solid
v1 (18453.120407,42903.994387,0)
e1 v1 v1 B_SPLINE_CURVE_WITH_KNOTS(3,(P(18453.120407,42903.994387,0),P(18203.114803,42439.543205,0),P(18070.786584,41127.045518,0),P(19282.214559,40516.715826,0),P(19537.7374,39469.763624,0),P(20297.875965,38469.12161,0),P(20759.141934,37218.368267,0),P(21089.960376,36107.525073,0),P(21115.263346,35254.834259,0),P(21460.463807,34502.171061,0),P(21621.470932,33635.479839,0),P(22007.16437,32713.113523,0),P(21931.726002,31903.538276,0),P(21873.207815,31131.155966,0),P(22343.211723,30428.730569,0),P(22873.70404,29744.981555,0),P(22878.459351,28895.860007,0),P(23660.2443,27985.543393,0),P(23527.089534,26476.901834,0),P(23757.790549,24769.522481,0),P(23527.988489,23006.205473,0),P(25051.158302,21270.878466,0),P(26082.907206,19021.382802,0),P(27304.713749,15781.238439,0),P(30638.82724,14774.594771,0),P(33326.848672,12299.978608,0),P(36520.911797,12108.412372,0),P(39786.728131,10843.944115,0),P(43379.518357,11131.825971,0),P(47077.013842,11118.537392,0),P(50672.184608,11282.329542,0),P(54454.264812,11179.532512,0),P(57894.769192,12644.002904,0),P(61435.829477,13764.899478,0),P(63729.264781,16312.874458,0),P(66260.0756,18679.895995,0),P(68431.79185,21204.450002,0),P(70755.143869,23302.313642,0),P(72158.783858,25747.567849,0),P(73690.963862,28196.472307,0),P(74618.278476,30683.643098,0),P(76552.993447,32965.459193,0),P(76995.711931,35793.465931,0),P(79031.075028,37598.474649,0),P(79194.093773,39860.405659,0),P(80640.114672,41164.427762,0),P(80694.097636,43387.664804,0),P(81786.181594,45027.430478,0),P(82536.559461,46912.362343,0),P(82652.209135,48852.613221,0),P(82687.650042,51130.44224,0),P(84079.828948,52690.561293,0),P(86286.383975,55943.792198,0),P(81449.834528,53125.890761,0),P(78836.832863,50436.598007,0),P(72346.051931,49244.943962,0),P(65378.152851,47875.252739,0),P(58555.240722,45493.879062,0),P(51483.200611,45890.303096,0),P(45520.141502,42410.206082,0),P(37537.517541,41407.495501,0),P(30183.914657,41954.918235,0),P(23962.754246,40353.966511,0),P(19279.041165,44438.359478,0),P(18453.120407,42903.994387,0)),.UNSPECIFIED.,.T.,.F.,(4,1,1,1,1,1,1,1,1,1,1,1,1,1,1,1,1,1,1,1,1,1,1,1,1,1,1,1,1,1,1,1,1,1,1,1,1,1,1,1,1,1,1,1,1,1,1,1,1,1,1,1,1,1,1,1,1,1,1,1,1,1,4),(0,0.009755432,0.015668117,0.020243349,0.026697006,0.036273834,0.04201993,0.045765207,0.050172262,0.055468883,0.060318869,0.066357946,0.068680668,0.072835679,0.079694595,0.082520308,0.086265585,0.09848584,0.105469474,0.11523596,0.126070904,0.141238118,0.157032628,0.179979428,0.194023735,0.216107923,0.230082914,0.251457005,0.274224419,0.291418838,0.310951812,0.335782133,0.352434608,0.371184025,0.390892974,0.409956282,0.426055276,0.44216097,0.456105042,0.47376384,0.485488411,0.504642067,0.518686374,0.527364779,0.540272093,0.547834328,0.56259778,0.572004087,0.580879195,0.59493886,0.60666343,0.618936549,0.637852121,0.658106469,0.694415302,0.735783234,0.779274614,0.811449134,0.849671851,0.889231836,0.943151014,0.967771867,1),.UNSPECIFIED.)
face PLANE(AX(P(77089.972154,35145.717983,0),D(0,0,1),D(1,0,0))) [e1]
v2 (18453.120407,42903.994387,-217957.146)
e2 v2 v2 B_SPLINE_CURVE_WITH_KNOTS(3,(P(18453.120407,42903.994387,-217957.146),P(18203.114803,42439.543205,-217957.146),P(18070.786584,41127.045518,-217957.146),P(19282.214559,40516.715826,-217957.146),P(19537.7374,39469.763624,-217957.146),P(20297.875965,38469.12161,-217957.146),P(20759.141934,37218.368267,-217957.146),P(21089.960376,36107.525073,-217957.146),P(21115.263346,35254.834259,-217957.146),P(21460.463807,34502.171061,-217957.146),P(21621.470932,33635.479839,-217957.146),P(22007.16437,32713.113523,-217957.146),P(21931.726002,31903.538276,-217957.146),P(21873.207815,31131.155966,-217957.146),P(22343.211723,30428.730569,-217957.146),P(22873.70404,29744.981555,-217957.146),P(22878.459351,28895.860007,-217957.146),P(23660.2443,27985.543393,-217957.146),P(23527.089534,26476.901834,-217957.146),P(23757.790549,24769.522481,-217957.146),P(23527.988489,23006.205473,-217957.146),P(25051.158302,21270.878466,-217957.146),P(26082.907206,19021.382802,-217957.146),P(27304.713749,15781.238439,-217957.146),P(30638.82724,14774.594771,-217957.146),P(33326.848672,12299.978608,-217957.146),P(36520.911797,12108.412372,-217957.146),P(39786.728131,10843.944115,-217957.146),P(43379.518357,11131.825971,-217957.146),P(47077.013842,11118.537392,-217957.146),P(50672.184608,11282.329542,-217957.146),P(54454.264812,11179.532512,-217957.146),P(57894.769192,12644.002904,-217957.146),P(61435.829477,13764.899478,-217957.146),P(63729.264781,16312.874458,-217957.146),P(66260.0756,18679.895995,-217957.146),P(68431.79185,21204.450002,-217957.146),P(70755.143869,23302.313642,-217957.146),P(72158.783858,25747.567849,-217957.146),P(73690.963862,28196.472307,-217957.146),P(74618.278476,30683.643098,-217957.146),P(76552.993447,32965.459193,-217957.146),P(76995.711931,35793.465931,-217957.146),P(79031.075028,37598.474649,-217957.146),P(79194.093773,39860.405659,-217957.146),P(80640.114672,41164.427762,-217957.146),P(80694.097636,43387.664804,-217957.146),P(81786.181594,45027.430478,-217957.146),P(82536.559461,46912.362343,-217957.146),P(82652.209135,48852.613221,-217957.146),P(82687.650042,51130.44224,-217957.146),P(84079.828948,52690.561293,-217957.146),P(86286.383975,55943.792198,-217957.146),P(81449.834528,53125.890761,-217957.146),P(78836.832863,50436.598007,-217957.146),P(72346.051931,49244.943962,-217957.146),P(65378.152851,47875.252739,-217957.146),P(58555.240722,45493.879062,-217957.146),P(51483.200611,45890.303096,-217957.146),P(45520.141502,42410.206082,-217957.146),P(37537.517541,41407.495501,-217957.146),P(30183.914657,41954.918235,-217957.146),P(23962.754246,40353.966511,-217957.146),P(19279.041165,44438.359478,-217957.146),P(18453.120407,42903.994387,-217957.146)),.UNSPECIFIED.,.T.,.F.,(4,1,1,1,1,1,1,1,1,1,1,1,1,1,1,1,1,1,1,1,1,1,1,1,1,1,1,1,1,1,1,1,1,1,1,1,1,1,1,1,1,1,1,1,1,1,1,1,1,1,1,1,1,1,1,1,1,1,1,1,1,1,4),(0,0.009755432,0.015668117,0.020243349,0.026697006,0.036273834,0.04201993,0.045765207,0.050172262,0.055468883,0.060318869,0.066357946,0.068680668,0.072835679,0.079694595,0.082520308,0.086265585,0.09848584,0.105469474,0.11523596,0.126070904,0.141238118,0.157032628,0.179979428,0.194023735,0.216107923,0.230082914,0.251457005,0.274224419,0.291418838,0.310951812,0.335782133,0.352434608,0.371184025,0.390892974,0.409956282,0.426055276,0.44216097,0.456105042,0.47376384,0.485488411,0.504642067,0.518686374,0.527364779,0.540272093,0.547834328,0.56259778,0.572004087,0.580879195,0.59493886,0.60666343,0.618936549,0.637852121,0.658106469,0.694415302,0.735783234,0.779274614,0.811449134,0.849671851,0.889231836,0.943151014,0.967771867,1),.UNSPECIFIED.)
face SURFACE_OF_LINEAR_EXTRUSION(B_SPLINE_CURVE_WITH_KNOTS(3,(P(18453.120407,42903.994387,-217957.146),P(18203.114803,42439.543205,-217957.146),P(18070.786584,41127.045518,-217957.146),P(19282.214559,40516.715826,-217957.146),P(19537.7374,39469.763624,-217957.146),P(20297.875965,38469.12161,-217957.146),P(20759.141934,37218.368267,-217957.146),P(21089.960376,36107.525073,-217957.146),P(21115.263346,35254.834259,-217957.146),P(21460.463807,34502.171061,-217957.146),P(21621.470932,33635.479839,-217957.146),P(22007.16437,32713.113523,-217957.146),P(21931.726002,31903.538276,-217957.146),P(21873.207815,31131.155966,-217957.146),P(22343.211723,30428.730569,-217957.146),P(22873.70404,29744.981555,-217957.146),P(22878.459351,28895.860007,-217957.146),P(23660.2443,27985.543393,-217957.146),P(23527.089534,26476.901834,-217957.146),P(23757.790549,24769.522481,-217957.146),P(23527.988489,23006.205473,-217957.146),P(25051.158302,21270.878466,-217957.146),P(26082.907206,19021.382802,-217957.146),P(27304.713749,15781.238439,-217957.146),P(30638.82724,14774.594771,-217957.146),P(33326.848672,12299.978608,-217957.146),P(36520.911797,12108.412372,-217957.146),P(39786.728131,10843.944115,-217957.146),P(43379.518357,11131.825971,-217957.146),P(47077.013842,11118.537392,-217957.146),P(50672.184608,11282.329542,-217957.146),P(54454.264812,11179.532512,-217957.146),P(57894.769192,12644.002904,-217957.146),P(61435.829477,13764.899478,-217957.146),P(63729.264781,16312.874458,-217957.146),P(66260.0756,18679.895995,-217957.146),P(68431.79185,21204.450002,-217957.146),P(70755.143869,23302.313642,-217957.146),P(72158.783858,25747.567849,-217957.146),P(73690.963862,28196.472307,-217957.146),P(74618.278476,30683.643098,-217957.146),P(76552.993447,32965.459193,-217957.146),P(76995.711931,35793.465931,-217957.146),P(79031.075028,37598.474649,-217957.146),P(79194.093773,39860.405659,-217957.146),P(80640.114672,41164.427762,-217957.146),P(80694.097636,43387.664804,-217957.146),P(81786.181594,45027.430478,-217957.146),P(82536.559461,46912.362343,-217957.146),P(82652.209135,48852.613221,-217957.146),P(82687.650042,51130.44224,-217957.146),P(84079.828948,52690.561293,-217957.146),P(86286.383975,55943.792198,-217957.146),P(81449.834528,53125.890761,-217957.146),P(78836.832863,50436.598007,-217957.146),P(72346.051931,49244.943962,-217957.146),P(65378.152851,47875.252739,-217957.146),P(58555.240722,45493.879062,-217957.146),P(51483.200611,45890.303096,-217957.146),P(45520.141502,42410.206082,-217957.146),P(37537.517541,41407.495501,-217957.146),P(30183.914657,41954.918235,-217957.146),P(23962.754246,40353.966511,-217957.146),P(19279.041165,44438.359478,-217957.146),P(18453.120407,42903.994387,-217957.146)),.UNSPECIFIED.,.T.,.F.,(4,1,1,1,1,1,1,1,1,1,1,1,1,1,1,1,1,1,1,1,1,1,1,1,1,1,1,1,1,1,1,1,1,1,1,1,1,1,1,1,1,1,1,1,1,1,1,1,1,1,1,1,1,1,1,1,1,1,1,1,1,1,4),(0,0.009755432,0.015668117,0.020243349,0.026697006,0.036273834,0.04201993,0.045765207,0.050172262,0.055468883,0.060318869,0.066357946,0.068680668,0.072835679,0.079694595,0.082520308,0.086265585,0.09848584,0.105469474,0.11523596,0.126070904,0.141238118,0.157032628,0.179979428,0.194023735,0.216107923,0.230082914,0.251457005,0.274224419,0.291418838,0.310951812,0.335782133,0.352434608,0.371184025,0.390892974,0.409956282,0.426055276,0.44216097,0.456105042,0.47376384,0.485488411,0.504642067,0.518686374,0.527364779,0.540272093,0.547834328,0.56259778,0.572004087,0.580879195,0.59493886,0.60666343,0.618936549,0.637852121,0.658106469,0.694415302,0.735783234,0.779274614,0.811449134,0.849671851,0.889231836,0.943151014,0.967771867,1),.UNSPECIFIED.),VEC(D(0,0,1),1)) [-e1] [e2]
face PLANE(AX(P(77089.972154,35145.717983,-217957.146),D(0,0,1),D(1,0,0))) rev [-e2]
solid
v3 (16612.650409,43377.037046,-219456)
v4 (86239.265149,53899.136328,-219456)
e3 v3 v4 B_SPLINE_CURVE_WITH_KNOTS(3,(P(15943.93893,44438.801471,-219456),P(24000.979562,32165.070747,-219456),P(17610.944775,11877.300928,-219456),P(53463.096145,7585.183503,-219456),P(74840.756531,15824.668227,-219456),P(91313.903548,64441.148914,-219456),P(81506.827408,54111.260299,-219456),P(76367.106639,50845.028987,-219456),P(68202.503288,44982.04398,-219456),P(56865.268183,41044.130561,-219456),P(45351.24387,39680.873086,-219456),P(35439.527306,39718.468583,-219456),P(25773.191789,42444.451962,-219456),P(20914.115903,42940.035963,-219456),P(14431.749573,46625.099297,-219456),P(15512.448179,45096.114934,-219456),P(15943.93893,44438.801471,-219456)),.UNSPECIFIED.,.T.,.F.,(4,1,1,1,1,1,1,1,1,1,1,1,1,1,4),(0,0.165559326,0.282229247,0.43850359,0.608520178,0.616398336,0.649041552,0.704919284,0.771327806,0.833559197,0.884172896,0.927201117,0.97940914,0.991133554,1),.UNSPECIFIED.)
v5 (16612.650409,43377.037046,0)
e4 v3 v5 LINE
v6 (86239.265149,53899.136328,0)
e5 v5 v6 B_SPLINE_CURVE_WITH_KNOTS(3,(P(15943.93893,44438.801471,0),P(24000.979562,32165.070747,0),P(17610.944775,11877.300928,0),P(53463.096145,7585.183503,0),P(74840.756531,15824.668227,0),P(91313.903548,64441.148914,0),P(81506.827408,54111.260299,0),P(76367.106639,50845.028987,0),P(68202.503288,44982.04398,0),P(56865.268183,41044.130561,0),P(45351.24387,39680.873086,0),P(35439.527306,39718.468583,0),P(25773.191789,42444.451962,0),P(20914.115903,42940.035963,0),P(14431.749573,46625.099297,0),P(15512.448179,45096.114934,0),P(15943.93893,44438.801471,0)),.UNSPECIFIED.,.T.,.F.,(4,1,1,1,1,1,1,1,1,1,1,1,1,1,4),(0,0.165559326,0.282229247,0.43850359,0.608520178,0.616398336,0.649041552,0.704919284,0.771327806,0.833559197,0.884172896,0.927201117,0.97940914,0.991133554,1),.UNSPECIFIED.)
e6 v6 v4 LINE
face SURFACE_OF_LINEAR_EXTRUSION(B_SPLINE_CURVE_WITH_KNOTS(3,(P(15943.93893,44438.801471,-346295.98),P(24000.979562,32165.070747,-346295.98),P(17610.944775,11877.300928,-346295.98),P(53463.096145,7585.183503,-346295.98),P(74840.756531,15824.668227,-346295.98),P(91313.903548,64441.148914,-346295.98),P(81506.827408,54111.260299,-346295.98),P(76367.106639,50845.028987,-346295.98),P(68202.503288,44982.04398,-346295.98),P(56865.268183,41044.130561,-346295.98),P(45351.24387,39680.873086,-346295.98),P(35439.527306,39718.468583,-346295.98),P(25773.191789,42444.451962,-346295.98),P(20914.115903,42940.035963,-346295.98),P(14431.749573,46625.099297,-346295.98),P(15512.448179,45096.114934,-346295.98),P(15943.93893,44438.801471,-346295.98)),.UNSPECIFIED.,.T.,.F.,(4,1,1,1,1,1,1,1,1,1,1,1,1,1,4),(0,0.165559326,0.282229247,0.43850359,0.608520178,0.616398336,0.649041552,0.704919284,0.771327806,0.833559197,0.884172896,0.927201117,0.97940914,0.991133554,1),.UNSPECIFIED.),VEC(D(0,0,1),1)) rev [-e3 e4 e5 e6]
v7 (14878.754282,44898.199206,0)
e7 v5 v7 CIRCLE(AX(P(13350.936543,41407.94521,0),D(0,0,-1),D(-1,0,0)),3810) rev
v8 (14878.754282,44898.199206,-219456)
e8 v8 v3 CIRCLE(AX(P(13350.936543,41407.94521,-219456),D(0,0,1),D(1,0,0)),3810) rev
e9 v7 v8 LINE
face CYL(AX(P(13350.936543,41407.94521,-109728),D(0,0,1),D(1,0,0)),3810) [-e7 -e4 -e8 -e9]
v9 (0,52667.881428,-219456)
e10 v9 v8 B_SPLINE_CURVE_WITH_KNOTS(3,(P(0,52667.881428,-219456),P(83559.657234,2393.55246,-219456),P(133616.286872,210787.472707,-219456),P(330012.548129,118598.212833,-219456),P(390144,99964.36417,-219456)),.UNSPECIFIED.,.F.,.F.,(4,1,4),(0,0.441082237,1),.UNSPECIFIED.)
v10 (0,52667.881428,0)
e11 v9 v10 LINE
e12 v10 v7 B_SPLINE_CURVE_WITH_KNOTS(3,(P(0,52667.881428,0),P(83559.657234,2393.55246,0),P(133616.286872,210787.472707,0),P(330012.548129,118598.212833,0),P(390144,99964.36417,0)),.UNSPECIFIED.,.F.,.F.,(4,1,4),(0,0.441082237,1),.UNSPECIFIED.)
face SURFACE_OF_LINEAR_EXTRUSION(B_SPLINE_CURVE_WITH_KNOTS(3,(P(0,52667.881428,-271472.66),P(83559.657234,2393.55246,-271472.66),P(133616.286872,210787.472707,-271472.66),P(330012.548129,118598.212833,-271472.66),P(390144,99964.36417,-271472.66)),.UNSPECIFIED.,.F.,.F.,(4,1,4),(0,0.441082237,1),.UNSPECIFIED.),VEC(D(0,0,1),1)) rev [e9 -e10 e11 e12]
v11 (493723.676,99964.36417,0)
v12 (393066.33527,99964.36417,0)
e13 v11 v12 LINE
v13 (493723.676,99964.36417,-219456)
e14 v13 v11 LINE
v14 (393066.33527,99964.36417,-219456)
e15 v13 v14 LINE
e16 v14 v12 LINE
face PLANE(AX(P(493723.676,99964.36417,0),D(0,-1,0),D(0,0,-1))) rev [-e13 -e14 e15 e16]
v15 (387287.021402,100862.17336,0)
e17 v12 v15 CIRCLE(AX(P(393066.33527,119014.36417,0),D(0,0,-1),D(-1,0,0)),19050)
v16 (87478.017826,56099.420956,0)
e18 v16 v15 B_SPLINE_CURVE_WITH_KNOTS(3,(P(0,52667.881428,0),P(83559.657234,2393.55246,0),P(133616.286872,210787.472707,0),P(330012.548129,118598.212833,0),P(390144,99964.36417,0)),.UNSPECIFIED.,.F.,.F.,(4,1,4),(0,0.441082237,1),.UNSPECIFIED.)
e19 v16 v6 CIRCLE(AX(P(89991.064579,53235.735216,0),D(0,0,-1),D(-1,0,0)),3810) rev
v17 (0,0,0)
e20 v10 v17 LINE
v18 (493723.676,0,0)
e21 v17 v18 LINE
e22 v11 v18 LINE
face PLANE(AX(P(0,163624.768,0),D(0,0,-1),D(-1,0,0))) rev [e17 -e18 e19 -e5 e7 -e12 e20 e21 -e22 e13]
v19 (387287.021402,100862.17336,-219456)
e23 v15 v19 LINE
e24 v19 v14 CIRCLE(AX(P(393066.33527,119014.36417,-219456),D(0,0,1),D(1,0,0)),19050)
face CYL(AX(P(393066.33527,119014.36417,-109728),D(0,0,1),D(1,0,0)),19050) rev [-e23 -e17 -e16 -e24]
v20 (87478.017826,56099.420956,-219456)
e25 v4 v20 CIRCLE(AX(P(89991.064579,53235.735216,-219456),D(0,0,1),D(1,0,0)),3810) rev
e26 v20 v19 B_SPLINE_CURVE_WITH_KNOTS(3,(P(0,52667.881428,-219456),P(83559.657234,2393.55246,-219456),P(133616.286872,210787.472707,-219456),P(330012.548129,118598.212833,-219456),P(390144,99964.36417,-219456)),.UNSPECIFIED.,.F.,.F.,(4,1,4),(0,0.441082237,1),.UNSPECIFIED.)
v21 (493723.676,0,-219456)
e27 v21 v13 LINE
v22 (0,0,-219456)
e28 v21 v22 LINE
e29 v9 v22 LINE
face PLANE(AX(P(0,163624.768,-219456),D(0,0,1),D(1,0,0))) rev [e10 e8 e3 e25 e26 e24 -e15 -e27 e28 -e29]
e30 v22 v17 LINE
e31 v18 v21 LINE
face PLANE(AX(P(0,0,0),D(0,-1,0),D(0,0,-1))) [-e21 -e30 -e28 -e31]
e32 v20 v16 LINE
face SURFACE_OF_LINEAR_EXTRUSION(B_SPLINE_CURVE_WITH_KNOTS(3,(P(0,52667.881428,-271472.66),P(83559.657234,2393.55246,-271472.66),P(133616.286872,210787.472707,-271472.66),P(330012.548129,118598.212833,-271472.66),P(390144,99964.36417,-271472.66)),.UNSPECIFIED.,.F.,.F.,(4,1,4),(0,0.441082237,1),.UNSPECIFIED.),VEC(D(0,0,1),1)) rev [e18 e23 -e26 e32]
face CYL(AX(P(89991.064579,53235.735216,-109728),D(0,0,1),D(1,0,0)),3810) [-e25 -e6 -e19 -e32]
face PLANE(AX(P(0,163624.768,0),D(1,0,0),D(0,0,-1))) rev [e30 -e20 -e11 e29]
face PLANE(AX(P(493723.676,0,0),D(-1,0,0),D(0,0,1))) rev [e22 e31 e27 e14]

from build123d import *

# Parameters (mm, degrees)
SKETCH1_W            = 390144
SKETCH1_H            = 219456
BOSS_EXTRUDE1_DEPTH  = 163624.768
CUT_EXTRUDE2_DEPTH   = 271472.66
CUT_EXTRUDE3_DEPTH   = 346295.98
BOSS_EXTRUDE10_DEPTH = 217957.146
FILLET2_R            = 3810
SKETCH9_W            = 219456
SKETCH9_H            = 99964.364170083
BOSS_EXTRUDE12_DEPTH = 103579.676
FILLET4_R            = 19050


with BuildPart() as part:
    # Sketch1 → Boss-Extrude1 (new body)
    with BuildSketch(Plane(origin=(0, 0, 0), x_dir=(1, 0, 0), z_dir=(0, 1, 0))):
        with Locations((195072, 109728)):
            Rectangle(SKETCH1_W, SKETCH1_H)
    extrude(amount=BOSS_EXTRUDE1_DEPTH)

    # Sketch3 → Cut-Extrude2 (cut)
    with BuildSketch(Plane.XY):
        with BuildLine():
            Line((0, 163624.768), (0, 52667.881428276))
            add(Edge.make_bspline(
                [(0, 52667.881428276), (83559.657234125, 2393.552459645), (133616.286871643, 210787.472707253), (330012.548128856, 118598.212832559), (390144, 99964.364170083)],
                knots=[0, 0, 0, 0, 0.441082237, 1, 1, 1, 1], degree=3))
            Line((390144, 99964.364170083), (390144, 163624.768))
            Line((390144, 163624.768), (0, 163624.768))
        make_face()
    extrude(amount=-CUT_EXTRUDE2_DEPTH, mode=Mode.SUBTRACT)

    # Sketch5 → Cut-Extrude3 (cut)
    with BuildSketch(Plane.XY):
        with BuildLine():
            add(Edge.make_bspline(
                [(15943.938929574, 44438.801470526), (24000.97956224, 32165.070747339), (17610.944775244, 11877.30092773), (53463.096145325, 7585.183503069), (74840.756530718, 15824.668226501), (91313.903548003, 64441.148914276), (81506.827408491, 54111.260298517), (76367.106638933, 50845.028986764), (68202.503287718, 44982.043979714), (56865.268182729, 41044.130560663), (45351.243870284, 39680.873085513), (35439.52730638, 39718.468582586), (25773.191789485, 42444.451962246), (20914.115902546, 42940.035962595), (14431.749573097, 46625.099297439), (15512.448178871, 45096.114934007), (15943.938929574, 44438.801470526)],
                knots=[0, 0, 0, 0, 0.165559326, 0.282229247, 0.43850359, 0.608520178, 0.616398336, 0.649041552, 0.704919284, 0.771327806, 0.833559197, 0.884172896, 0.927201117, 0.97940914, 0.991133554, 1, 1, 1, 1], degree=3))
        make_face()
    extrude(amount=-CUT_EXTRUDE3_DEPTH, mode=Mode.SUBTRACT)

    # Fillet2
    fillet2_edges = [part.edges().sort_by_distance(p)[0] for p in [
        (86418.162687109, 55180.787024423, -109728.0000003),
        (15943.938929574, 44438.801470526, -109728),
    ]]
    fillet(fillet2_edges, radius=FILLET2_R)

    # Sketch9 → Boss-Extrude12 (add)
    with BuildSketch(Plane(origin=(390144, 0, 0), x_dir=(0, 0, -1), z_dir=(1, 0, 0))):
        with Locations((109728, 49982.182085042)):
            Rectangle(SKETCH9_W, SKETCH9_H)
    extrude(amount=BOSS_EXTRUDE12_DEPTH)

    # Fillet4
    fillet4_edges = [part.edges().sort_by_distance(p)[0] for p in [
        (390144, 99964.364170083, -109728),
    ]]
    fillet(fillet4_edges, radius=FILLET4_R)


with BuildPart() as body_2:
    # Sketch7 → Boss-Extrude10 (new body)
    with BuildSketch(Plane.XY):
        with BuildLine():
            add(Edge.make_bspline(
                [(18453.120407378, 42903.994387305), (19279.041164545, 44438.359478442), (23962.754245909, 40353.966510886), (30183.914656624, 41954.918234595), (37537.517540702, 41407.495500827), (45520.141502476, 42410.20608213), (51483.200610616, 45890.303096084), (58555.240721572, 45493.879061531), (65378.152851453, 47875.252739367), (72346.051931403, 49244.943962097), (78836.832862775, 50436.598007467), (81449.834528039, 53125.890760716), (86286.383974804, 55943.792197896), (84079.828947511, 52690.56129342), (82687.650042025, 51130.442240318), (82652.20913462, 48852.613221119), (82536.559461446, 46912.362342799), (81786.181594424, 45027.430478035), (80694.097635989, 43387.664804339), (80640.114672071, 41164.427762298), (79194.093773283, 39860.405658614), (79031.075028234, 37598.474648959), (76995.711930968, 35793.465930894), (76552.993446523, 32965.459192935), (74618.278475675, 30683.643097539), (73690.963861706, 28196.472307104), (72158.783858075, 25747.567848519), (70755.143868881, 23302.313641523), (68431.791849782, 21204.450001992), (66260.075599825, 18679.895994982), (63729.264781367, 16312.874457665), (61435.829477051, 13764.899477549), (57894.769191582, 12644.002904495), (54454.264811842, 11179.532512239), (50672.184607871, 11282.329542294), (47077.013841889, 11118.537392031), (43379.518356676, 11131.82597057), (39786.728131325, 10843.944114795), (36520.911796858, 12108.412372349), (33326.848672141, 12299.978608234), (30638.827239635, 14774.594771298), (27304.713749387, 15781.238439444), (26082.907205575, 19021.382801849), (25051.158302423, 21270.87846555), (23527.988488687, 23006.205473198), (23757.790549199, 24769.522480588), (23527.089533642, 26476.901833534), (23660.244299618, 27985.543393399), (22878.459351482, 28895.86000685), (22873.704039919, 29744.981554663), (22343.211723379, 30428.730568969), (21873.207815252, 31131.155966318), (21931.726002228, 31903.538275755), (22007.164370441, 32713.113522625), (21621.470932193, 33635.479839131), (21460.463807293, 34502.171061317), (21115.263346129, 35254.834259194), (21089.960375994, 36107.525072825), (20759.141933772, 37218.368267333), (20297.875964607, 38469.12161049), (19537.737400256, 39469.763624097), (19282.214559018, 40516.71582602), (18070.786584019, 41127.045518015), (18203.114802691, 42439.543204681), (18453.120407378, 42903.994387305)],
                knots=[0, 0, 0, 0, 0.032228133, 0.056848986, 0.110768164, 0.150328149, 0.188550866, 0.220725386, 0.264216766, 0.305584698, 0.341893531, 0.362147879, 0.381063451, 0.39333657, 0.40506114, 0.419120805, 0.427995913, 0.43740222, 0.452165672, 0.459727907, 0.472635221, 0.481313626, 0.495357933, 0.514511589, 0.52623616, 0.543894958, 0.55783903, 0.573944724, 0.590043718, 0.609107026, 0.628815975, 0.647565392, 0.664217867, 0.689048188, 0.708581162, 0.725775581, 0.748542995, 0.769917086, 0.783892077, 0.805976265, 0.820020572, 0.842967372, 0.858761882, 0.873929096, 0.88476404, 0.894530526, 0.90151416, 0.913734415, 0.917479692, 0.920305405, 0.927164321, 0.931319332, 0.933642054, 0.939681131, 0.944531117, 0.949827738, 0.954234793, 0.95798007, 0.963726166, 0.973302994, 0.979756651, 0.984331883, 0.990244568, 1, 1, 1, 1], degree=3))
        make_face()
    extrude(amount=-BOSS_EXTRUDE10_DEPTH)


solid = Compound([part.part, body_2.part])
